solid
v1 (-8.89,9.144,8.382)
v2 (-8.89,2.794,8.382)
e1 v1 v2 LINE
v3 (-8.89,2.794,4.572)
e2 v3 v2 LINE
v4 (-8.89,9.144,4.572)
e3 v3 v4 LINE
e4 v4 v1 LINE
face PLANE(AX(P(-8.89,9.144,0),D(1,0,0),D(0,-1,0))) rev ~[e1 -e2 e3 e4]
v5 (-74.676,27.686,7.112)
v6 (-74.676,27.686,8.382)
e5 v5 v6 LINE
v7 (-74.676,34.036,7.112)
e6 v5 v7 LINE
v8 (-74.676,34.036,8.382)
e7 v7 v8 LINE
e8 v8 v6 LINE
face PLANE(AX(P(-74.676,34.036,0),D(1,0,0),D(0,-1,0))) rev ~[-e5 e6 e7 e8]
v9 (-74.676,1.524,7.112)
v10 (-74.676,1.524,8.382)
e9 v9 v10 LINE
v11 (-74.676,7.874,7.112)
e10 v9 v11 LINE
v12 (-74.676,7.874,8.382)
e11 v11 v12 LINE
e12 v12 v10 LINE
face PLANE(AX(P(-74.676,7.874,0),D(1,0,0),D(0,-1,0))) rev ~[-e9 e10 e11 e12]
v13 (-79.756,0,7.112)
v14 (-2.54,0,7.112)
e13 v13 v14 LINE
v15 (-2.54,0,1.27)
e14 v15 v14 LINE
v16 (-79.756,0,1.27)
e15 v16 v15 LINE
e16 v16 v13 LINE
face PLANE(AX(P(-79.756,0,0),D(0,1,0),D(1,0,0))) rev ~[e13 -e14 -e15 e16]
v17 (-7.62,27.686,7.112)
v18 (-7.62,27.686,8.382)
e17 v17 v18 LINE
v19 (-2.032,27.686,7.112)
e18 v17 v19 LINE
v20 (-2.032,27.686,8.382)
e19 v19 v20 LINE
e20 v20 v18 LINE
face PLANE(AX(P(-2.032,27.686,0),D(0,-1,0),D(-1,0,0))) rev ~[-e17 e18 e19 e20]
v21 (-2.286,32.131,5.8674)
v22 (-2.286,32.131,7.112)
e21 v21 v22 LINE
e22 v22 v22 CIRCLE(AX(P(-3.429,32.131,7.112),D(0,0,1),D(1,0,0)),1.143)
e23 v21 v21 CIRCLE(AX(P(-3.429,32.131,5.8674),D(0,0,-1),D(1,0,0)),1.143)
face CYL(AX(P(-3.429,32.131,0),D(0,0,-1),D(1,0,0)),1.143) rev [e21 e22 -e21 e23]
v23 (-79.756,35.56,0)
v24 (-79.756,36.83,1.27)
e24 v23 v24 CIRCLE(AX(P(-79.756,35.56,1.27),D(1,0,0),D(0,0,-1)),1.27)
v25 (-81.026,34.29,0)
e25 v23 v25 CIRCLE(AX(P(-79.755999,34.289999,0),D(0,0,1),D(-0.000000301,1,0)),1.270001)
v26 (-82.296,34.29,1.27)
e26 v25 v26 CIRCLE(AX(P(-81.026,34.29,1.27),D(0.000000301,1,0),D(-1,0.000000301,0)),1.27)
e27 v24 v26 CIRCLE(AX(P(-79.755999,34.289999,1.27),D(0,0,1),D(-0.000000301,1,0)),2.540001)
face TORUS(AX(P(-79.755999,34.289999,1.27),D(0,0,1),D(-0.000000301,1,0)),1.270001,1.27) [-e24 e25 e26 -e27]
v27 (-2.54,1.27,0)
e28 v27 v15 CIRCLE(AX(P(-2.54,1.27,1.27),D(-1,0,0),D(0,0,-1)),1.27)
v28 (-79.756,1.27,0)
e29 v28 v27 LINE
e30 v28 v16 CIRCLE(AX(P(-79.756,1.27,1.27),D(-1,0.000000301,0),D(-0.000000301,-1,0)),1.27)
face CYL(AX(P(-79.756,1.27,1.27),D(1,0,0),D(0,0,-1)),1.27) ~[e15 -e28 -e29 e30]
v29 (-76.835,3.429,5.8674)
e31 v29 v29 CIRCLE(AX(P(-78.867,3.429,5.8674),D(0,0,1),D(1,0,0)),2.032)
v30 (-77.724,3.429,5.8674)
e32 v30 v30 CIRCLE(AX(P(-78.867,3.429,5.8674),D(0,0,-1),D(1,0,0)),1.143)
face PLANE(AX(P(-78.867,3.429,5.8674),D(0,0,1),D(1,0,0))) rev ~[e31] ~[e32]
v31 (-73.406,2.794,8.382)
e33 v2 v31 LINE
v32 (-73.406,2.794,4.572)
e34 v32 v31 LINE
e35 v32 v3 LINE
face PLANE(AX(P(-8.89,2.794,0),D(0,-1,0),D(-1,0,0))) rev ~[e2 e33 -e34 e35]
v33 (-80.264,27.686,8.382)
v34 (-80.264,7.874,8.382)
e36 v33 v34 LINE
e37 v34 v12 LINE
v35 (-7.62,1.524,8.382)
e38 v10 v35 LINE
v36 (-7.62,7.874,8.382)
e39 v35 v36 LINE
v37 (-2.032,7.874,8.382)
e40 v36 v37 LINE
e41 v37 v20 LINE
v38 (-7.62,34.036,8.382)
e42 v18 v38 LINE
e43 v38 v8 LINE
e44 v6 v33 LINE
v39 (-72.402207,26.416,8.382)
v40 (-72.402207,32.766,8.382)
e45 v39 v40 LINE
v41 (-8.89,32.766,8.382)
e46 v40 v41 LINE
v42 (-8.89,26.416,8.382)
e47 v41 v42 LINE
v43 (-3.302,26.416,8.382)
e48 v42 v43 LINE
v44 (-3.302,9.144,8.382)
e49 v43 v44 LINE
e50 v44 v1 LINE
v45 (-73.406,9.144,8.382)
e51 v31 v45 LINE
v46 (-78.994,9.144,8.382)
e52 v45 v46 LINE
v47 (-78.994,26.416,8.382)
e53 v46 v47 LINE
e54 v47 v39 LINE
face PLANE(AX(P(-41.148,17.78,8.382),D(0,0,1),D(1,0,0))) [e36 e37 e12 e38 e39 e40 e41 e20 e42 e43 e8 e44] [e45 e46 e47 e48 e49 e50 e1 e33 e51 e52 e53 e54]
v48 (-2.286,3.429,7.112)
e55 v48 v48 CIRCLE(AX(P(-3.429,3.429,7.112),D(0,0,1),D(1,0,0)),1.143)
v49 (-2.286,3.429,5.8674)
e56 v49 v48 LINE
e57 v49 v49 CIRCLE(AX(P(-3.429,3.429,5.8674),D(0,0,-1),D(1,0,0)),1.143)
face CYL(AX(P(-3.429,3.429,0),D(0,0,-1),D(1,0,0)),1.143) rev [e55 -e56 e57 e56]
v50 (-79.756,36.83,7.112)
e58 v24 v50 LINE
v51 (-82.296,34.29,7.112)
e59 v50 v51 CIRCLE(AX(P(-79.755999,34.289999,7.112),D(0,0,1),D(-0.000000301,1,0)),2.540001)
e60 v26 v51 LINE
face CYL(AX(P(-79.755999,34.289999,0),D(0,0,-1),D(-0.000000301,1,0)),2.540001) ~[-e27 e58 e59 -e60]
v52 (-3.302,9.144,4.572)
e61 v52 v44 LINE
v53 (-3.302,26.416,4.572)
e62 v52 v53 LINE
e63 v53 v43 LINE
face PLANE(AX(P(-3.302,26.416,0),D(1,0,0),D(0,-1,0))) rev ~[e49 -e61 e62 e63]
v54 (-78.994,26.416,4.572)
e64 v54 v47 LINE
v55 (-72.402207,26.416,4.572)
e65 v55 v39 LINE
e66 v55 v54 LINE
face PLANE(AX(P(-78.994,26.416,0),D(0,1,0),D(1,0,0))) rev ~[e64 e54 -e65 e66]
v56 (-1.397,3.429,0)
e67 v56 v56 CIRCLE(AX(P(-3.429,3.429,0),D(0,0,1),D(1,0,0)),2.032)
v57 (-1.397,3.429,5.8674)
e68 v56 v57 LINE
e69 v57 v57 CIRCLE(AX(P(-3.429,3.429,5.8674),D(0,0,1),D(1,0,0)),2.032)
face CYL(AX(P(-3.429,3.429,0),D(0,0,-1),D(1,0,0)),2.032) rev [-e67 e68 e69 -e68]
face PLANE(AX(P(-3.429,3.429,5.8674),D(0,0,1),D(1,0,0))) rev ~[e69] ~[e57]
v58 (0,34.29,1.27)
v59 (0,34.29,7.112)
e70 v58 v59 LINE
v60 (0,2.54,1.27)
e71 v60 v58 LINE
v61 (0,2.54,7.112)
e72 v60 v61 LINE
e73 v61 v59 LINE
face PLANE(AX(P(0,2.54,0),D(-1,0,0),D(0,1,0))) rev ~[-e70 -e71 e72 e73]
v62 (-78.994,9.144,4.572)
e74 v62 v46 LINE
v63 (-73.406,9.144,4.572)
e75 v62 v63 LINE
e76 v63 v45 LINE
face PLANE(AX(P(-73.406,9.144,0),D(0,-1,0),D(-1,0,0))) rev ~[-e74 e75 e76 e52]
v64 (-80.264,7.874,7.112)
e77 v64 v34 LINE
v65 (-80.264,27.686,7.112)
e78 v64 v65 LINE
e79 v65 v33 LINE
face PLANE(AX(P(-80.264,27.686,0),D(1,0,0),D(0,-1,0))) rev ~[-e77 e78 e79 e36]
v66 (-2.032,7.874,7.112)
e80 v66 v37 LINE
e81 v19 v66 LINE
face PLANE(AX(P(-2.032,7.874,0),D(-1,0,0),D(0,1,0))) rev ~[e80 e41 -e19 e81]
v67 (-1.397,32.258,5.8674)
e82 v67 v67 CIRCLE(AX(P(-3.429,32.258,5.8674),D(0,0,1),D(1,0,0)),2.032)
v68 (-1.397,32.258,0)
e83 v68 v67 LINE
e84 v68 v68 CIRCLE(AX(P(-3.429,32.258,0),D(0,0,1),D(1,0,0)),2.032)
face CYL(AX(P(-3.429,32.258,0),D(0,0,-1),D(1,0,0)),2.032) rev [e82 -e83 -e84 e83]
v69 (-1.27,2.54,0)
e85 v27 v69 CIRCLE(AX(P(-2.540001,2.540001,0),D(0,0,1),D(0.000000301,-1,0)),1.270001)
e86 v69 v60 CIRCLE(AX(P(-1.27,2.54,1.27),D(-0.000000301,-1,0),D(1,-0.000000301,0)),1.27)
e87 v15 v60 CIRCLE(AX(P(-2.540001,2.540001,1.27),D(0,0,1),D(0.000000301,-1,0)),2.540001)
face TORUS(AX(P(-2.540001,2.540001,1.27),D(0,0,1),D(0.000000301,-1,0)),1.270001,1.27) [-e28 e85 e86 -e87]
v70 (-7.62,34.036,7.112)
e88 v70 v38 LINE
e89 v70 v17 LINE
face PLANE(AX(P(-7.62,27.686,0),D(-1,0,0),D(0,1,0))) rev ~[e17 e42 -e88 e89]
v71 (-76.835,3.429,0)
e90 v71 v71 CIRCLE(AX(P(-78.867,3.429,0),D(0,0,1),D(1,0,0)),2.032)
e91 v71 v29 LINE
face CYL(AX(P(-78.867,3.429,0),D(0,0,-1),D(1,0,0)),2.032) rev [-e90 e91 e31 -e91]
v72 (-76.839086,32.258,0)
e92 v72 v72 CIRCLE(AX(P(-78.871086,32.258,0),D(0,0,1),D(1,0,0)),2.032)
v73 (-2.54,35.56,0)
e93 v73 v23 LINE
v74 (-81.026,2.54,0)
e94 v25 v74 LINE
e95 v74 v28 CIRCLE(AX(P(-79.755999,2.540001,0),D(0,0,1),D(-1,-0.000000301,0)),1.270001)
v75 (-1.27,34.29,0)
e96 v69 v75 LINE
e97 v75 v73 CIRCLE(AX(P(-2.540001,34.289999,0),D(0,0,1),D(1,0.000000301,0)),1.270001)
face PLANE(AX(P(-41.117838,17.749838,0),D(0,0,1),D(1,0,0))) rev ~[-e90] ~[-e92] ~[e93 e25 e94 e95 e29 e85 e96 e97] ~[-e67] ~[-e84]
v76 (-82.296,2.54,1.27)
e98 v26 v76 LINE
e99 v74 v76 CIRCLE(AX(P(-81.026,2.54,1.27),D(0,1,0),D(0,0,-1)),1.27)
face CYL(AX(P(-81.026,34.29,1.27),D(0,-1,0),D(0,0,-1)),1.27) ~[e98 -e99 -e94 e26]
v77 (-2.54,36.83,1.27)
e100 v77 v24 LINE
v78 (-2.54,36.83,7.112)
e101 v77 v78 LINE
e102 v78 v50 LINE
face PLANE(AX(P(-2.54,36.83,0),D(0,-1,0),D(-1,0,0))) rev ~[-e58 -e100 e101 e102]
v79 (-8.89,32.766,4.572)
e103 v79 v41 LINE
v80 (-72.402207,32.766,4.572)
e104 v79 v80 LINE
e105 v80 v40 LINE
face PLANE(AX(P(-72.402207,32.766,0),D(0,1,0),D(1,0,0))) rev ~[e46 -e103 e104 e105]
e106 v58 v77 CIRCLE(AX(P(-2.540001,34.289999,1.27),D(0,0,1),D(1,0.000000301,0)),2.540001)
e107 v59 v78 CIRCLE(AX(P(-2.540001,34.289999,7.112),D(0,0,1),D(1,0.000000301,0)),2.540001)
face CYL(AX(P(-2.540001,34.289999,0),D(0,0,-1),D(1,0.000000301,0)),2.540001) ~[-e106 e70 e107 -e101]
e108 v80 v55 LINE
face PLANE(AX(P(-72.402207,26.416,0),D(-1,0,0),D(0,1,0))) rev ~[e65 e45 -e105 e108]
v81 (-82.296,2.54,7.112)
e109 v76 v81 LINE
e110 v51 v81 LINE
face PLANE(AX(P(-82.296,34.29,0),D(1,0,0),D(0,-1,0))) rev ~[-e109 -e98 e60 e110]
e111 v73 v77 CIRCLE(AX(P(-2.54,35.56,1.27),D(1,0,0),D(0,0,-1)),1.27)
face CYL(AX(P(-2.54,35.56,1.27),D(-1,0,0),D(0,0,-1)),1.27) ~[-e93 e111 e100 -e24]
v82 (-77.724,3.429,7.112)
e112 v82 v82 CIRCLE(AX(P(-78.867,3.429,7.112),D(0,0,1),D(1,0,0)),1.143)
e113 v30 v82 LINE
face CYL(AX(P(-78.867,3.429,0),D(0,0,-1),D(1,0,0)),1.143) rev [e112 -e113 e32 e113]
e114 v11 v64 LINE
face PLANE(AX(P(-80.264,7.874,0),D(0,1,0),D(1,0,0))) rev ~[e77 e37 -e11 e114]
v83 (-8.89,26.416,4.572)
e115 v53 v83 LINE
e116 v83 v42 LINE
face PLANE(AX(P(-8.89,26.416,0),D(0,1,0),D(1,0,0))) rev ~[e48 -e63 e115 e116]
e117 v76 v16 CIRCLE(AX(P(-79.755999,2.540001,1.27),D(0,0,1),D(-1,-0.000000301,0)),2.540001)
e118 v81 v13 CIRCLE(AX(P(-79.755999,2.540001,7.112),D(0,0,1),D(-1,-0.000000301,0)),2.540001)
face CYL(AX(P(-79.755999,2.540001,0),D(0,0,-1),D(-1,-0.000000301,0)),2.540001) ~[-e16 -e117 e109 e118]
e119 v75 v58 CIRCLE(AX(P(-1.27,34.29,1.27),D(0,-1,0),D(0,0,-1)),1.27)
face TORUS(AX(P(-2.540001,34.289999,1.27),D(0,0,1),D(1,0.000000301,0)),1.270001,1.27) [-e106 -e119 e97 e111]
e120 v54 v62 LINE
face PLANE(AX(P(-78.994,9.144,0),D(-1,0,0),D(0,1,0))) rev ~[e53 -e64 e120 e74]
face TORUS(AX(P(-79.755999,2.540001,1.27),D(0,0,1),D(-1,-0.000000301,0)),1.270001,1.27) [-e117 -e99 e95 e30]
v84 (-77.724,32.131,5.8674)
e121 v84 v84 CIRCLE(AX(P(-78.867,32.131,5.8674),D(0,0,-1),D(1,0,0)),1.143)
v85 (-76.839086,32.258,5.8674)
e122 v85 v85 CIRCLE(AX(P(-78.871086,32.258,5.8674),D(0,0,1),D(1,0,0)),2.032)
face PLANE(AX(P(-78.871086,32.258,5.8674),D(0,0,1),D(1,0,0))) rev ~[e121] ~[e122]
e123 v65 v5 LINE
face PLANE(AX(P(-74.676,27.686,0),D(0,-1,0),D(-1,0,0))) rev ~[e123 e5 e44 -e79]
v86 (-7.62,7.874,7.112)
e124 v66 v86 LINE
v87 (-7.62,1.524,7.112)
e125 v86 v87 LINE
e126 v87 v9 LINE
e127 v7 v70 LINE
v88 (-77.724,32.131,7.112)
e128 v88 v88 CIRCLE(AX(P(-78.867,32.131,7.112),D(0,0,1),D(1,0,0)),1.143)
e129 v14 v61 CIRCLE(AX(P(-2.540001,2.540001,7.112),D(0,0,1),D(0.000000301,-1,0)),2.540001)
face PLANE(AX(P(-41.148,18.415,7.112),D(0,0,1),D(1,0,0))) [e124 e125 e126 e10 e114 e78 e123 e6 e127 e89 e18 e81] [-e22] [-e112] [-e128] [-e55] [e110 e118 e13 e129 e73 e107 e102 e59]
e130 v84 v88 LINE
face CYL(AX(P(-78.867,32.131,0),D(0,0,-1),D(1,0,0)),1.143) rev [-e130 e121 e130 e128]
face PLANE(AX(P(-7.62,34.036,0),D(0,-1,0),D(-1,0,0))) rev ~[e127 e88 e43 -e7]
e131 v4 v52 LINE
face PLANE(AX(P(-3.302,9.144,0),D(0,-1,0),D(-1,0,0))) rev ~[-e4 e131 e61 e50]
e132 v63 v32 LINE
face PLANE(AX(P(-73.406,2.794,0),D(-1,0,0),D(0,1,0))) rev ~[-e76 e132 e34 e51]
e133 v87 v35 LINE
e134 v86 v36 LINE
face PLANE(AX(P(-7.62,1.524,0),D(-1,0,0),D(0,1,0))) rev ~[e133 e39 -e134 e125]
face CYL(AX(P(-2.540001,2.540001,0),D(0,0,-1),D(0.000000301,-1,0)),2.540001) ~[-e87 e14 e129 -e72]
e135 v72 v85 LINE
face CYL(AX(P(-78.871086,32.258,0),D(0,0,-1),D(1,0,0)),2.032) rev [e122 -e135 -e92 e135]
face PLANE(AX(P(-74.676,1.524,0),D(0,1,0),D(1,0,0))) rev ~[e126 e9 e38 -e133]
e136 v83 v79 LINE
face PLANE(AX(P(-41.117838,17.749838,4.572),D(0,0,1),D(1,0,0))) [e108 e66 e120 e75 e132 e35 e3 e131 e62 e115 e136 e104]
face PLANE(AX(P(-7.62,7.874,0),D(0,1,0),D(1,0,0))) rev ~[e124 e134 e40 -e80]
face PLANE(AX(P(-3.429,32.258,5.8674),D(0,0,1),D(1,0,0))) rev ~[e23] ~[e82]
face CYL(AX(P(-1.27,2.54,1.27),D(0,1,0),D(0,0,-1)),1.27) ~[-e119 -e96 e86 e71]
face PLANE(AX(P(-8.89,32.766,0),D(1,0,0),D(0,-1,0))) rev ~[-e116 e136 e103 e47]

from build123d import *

# Parameters (mm, degrees)
F0_R     = 1.143
F1_DEPTH = 7.112
F2_DEPTH = 8.382
F3_DEPTH = 4.572
F4_R     = 2.032
F5_DEPTH = 5.8674
F6_R     = 1.27


with BuildPart() as f1:
    # F0 (on Top) → F1 (new body)
    with BuildSketch(Plane.XY):
        with BuildLine():
            ThreePointArc((-2.54, 0), (-0.743949, 0.743949), (0, 2.54))
            Line((0, 2.54), (0, 34.29))
            ThreePointArc((0, 34.29), (-0.743949, 36.086051), (-2.54, 36.83))
            Line((-2.54, 36.83), (-79.756, 36.83))
            ThreePointArc((-79.756, 36.83), (-81.552051, 36.086051), (-82.296, 34.29))
            Line((-82.296, 34.29), (-82.296, 2.54))
            ThreePointArc((-82.296, 2.54), (-81.552051, 0.743949), (-79.756, 0))
            Line((-79.756, 0), (-2.54, 0))
        make_face()
        with Locations((-78.867, 3.429)):
            Circle(F0_R, mode=Mode.SUBTRACT)
        with Locations((-3.429, 3.429)):
            Circle(F0_R, mode=Mode.SUBTRACT)
        Polygon((-7.62, 7.874), (-7.62, 1.524), (-74.676, 1.524), (-74.676, 7.874), (-80.264, 7.874), (-80.264, 27.686), (-74.676, 27.686), (-74.676, 34.036), (-7.62, 34.036), (-7.62, 27.686), (-2.032, 27.686), (-2.032, 7.874), align=None, mode=Mode.SUBTRACT)
        with Locations((-78.867, 32.131)):
            Circle(F0_R, mode=Mode.SUBTRACT)
        with Locations((-3.429, 32.131)):
            Circle(F0_R, mode=Mode.SUBTRACT)
    extrude(amount=F1_DEPTH)

    # F0 (on Top) → F2 (join)
    with BuildSketch(Plane.XY):
        Polygon((-74.676, 1.524), (-7.62, 1.524), (-7.62, 7.874), (-2.032, 7.874), (-2.032, 27.686), (-7.62, 27.686), (-7.62, 34.036), (-74.676, 34.036), (-74.676, 27.686), (-80.264, 27.686), (-80.264, 7.874), (-74.676, 7.874), align=None)
        Polygon((-8.89, 9.144), (-8.89, 2.794), (-73.406, 2.794), (-73.406, 9.144), (-78.994, 9.144), (-78.994, 26.416), (-72.402207, 26.416), (-72.402207, 32.766), (-8.89, 32.766), (-8.89, 26.416), (-3.302, 26.416), (-3.302, 9.144), align=None, mode=Mode.SUBTRACT)
    extrude(amount=F2_DEPTH)

    # F0 (on Top) → F3 (join)
    with BuildSketch(Plane.XY):
        Polygon((-73.406, 2.794), (-8.89, 2.794), (-8.89, 9.144), (-3.302, 9.144), (-3.302, 26.416), (-8.89, 26.416), (-8.89, 32.766), (-72.402207, 32.766), (-72.402207, 26.416), (-78.994, 26.416), (-78.994, 9.144), (-73.406, 9.144), align=None)
    extrude(amount=F3_DEPTH)

    # F4 (on face) → F5 (cut)
    with BuildSketch(Plane.XY):
        with Locations((-3.429, 32.258)):
            Circle(F4_R)
        with Locations((-78.871086, 32.258)):
            Circle(F4_R)
        with Locations((-3.429, 3.429)):
            Circle(F4_R)
        with Locations((-78.867, 3.429)):
            Circle(F4_R)
    extrude(amount=F5_DEPTH, mode=Mode.SUBTRACT)

    # F6
    f6_edges = [f1.edges().sort_by_distance(p)[0] for p in [
        (-41.148, 36.83, 0),
    ]]
    fillet(f6_edges, radius=F6_R)


solid = f1.part
